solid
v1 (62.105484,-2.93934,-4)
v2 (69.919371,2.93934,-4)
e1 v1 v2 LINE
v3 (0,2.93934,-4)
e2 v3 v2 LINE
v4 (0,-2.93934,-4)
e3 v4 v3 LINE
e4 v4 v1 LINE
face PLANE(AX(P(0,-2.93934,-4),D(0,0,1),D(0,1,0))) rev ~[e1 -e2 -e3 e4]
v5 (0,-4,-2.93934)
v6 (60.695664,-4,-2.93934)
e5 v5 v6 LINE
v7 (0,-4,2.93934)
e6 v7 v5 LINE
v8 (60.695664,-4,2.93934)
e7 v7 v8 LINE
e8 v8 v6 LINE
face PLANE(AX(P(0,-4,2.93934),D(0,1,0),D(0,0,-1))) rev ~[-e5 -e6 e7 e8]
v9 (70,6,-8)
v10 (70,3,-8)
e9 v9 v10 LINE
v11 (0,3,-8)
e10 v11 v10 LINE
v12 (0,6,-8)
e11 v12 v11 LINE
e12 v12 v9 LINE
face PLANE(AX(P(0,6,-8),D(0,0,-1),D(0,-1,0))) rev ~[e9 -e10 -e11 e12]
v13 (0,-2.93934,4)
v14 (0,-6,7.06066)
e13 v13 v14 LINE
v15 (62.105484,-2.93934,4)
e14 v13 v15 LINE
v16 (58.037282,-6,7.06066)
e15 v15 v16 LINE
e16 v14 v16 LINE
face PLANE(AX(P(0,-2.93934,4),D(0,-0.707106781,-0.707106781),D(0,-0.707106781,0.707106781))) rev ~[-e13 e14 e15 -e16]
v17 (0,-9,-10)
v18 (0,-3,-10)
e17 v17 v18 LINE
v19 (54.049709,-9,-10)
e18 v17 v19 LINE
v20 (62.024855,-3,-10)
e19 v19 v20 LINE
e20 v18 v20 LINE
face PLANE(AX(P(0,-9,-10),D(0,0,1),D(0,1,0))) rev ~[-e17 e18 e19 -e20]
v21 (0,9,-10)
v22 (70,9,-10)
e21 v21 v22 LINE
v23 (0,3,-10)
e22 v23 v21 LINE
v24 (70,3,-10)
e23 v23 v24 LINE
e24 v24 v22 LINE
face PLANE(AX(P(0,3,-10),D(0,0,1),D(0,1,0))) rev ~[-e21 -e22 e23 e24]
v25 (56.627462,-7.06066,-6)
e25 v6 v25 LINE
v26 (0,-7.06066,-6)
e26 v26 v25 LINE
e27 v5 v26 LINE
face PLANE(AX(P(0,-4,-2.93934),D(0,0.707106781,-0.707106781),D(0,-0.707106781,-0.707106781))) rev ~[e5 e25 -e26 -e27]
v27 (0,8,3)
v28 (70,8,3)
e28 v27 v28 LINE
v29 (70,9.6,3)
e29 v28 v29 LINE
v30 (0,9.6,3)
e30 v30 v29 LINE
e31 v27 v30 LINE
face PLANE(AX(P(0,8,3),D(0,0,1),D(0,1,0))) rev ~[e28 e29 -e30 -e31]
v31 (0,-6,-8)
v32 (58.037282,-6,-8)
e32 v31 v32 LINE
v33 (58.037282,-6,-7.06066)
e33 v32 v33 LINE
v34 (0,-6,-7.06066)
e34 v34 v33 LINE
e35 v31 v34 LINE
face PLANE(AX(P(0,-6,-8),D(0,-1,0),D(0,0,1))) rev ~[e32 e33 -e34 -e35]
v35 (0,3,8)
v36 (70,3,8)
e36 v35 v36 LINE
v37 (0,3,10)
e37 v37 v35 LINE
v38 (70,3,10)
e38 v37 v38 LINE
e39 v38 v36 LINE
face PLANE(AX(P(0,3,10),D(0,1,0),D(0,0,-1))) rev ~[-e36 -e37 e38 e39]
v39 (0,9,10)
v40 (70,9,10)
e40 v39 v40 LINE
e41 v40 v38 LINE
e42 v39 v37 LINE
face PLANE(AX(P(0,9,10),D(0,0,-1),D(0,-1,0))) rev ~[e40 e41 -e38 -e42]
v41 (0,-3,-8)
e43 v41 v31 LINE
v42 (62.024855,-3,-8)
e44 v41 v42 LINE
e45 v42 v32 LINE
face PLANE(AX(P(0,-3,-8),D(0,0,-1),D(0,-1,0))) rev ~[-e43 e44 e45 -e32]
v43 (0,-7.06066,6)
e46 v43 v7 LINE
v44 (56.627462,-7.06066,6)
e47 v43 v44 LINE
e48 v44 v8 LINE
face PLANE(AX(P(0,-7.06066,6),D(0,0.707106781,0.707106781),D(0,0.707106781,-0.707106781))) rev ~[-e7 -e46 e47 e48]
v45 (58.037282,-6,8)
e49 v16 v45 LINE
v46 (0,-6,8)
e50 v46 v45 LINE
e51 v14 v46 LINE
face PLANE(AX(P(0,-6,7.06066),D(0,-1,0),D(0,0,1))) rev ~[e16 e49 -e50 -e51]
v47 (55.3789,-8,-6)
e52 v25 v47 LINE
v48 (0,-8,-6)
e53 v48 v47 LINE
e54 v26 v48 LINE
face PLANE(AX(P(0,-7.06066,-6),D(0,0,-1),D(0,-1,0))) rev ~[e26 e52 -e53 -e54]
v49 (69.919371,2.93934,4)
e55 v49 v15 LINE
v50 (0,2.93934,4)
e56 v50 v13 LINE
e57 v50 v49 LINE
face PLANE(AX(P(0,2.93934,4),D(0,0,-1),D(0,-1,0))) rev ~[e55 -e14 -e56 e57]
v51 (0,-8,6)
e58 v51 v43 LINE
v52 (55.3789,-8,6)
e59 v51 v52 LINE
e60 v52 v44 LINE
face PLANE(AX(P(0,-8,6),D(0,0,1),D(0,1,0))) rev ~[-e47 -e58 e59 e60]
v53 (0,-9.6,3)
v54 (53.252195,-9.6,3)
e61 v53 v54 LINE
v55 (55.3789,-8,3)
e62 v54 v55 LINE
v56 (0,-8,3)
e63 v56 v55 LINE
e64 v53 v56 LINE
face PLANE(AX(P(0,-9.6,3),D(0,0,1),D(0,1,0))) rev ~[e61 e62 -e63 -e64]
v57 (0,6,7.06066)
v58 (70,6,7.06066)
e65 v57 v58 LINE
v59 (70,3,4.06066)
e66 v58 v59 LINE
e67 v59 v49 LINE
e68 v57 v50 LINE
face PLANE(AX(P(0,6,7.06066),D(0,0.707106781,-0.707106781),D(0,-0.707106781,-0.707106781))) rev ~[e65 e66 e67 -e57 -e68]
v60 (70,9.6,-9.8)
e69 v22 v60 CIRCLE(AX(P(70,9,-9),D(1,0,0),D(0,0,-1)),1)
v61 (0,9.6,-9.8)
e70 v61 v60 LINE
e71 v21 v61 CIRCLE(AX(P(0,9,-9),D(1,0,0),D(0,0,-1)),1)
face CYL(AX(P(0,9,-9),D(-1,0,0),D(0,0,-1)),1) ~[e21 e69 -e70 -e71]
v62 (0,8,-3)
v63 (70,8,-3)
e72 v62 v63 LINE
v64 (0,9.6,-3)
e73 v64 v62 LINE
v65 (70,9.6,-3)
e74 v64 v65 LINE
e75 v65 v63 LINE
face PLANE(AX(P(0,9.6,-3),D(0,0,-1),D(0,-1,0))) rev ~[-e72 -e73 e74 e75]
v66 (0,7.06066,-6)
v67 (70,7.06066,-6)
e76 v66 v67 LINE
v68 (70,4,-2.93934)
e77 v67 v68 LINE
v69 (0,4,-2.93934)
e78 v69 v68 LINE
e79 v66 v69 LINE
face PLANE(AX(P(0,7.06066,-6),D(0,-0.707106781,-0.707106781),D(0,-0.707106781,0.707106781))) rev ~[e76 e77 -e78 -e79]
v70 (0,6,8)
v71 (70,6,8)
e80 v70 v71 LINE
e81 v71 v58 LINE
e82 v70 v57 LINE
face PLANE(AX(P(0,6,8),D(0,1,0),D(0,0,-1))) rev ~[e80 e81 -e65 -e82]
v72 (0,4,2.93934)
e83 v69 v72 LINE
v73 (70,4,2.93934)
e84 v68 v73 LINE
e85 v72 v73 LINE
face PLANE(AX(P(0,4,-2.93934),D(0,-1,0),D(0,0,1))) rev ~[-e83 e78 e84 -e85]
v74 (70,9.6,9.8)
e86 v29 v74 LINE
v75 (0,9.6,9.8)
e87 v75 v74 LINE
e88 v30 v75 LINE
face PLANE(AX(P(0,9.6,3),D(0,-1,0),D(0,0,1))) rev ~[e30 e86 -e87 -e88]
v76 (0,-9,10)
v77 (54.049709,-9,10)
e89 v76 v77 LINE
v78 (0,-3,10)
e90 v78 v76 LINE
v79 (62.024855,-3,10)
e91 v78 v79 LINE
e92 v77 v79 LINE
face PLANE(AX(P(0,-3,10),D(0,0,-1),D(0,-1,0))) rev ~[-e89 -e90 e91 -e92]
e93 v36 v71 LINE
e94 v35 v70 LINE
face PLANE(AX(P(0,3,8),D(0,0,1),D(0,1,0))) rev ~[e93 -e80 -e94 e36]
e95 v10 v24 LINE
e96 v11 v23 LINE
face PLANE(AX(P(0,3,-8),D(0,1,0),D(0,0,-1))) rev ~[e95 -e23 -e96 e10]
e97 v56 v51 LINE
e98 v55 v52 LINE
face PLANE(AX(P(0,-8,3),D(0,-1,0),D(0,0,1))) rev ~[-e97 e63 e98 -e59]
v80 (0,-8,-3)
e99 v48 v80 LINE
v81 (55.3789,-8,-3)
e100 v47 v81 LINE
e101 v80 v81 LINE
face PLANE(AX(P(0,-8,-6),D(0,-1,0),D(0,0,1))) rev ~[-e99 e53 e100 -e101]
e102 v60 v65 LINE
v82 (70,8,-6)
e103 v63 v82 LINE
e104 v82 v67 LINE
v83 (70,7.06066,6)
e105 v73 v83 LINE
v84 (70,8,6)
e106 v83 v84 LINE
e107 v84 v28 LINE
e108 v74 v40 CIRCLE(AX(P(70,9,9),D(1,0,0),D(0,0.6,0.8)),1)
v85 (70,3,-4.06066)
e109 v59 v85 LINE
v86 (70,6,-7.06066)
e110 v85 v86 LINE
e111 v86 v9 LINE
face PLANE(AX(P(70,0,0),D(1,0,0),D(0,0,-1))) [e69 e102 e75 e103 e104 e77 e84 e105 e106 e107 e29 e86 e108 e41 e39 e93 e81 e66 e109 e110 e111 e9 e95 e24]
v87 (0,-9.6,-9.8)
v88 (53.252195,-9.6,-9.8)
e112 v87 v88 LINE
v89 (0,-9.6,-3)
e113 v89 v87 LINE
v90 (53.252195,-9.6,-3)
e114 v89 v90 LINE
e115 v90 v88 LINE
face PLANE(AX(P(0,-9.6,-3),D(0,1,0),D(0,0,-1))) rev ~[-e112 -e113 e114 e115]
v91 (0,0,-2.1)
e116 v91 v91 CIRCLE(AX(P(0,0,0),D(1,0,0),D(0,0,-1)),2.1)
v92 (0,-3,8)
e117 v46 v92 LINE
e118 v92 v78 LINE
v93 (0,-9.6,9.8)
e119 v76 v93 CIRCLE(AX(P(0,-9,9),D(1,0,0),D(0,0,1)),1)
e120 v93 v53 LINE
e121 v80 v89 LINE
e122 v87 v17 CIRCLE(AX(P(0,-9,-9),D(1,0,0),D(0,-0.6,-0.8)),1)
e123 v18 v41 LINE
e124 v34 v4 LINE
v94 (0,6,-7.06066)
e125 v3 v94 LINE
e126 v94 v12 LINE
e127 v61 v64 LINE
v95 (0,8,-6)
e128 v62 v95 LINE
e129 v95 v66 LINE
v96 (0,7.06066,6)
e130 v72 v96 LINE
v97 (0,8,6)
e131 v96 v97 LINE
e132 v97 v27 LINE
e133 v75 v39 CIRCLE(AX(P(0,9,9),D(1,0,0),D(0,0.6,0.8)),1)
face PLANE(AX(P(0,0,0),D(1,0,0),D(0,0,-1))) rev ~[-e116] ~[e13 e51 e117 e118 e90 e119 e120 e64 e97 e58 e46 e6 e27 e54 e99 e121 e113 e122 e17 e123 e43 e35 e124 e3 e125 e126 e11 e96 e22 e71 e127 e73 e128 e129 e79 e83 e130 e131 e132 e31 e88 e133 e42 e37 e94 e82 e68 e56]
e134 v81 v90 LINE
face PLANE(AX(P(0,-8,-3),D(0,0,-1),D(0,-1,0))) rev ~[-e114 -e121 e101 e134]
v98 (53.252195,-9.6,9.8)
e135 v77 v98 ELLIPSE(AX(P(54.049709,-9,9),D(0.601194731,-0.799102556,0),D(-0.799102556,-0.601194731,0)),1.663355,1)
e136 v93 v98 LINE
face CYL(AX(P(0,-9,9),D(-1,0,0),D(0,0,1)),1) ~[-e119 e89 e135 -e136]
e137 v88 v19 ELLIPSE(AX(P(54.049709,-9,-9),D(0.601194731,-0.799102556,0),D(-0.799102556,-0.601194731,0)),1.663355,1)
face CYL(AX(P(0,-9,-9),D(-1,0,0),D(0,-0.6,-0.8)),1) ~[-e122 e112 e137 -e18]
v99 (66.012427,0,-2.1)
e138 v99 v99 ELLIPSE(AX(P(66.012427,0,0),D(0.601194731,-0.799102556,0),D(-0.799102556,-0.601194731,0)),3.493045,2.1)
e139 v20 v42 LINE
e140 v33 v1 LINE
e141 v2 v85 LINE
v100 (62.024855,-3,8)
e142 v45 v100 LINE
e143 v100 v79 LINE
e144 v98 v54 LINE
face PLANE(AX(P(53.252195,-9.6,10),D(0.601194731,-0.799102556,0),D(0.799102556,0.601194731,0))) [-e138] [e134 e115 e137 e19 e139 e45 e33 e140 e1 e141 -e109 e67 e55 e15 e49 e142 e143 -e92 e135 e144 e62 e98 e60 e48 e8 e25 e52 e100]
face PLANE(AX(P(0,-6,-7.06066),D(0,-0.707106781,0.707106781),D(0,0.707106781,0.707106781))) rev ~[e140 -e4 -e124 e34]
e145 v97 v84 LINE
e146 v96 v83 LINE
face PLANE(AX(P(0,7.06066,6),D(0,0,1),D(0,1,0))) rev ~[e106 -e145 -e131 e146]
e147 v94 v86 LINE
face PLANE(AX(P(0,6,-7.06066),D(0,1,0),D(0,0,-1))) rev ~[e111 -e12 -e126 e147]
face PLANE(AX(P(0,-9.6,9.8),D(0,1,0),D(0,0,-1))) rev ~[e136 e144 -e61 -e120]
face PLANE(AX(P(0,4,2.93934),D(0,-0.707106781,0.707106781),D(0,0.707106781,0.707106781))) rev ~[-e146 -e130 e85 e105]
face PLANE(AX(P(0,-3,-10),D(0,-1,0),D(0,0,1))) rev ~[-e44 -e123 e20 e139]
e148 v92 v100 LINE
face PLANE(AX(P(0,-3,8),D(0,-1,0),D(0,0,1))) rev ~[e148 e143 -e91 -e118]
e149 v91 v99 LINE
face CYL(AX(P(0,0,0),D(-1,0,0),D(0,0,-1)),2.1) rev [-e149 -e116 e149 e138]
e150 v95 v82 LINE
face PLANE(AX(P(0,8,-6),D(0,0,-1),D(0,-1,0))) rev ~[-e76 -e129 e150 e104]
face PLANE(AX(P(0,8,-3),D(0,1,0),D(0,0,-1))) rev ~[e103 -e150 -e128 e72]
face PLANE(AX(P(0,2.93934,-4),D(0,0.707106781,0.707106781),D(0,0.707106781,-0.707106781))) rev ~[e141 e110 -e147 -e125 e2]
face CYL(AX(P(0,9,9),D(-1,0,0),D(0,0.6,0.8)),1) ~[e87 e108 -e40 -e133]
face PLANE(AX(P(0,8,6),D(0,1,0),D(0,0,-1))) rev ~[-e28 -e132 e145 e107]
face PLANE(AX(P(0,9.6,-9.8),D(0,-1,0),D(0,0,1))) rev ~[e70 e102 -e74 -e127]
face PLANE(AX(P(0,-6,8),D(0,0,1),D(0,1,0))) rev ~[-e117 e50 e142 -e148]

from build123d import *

# Parameters (mm, degrees)
SKETCH1_R                = 2.1
BOSS_EXTRUDE1_DEPTH      = 70
CUT_EXTRUDE_1_DEPTH      = 1
CUT_EXTRUDE_1_DEPTH_BACK = 21


with BuildPart() as part:
    # Sketch1 → Boss-Extrude1 (new body)
    with BuildSketch(Plane(origin=(0, 0, 0), x_dir=(0, 0, -1), z_dir=(1, 0, 0))):
        with BuildLine():
            Line((-10, 9), (-10, 3))
            Line((-10, 3), (-8, 3))
            Line((-8, 3), (-8, 6))
            Line((-8, 6), (-7.060660172, 6))
            Line((-7.060660172, 6), (-4, 2.939339828))
            Line((-4, 2.939339828), (-4, -2.939339828))
            Line((-4, -2.939339828), (-7.060660172, -6))
            Line((-7.060660172, -6), (-8, -6))
            Line((-8, -6), (-8, -3))
            Line((-8, -3), (-10, -3))
            Line((-10, -3), (-10, -9))
            ThreePointArc((-10, -9), (-9.948683298, -9.316227766), (-9.8, -9.6))
            Line((-9.8, -9.6), (-3, -9.6))
            Line((-3, -9.6), (-3, -8))
            Line((-3, -8), (-6, -8))
            Line((-6, -8), (-6, -7.060660172))
            Line((-6, -7.060660172), (-2.939339828, -4))
            Line((-2.939339828, -4), (2.939339828, -4))
            Line((2.939339828, -4), (6, -7.060660172))
            Line((6, -7.060660172), (6, -8))
            Line((6, -8), (3, -8))
            Line((3, -8), (3, -9.6))
            Line((3, -9.6), (9.8, -9.6))
            ThreePointArc((9.8, -9.6), (9.948683298, -9.316227766), (10, -9))
            Line((10, -9), (10, -3))
            Line((10, -3), (8, -3))
            Line((8, -3), (8, -6))
            Line((8, -6), (7.060660172, -6))
            Line((7.060660172, -6), (4, -2.939339828))
            Line((4, -2.939339828), (4, 2.939339828))
            Line((4, 2.939339828), (7.060660172, 6))
            Line((7.060660172, 6), (8, 6))
            Line((8, 6), (8, 3))
            Line((8, 3), (10, 3))
            Line((10, 3), (10, 9))
            ThreePointArc((10, 9), (9.948683298, 9.316227766), (9.8, 9.6))
            Line((9.8, 9.6), (3, 9.6))
            Line((3, 9.6), (3, 8))
            Line((3, 8), (6, 8))
            Line((6, 8), (6, 7.060660172))
            Line((6, 7.060660172), (2.939339828, 4))
            Line((2.939339828, 4), (-2.939339828, 4))
            Line((-2.939339828, 4), (-6, 7.060660172))
            Line((-6, 7.060660172), (-6, 8))
            Line((-6, 8), (-3, 8))
            Line((-3, 8), (-3, 9.6))
            Line((-3, 9.6), (-9.8, 9.6))
            ThreePointArc((-9.8, 9.6), (-9.948683298, 9.316227766), (-10, 9))
        make_face()
        Circle(SKETCH1_R, mode=Mode.SUBTRACT)
    extrude(amount=BOSS_EXTRUDE1_DEPTH)

    # 草图1 → 切除-拉伸1 (cut, two sides)
    with BuildSketch(Plane.XY.offset(10)) as cut_extrude_1_sk:
        Polygon((53.252194875, -9.6), (70, 3), (72.108704706, -2.849693058), (72.521016137, -11.388110896), align=None)
    extrude(amount=CUT_EXTRUDE_1_DEPTH, mode=Mode.SUBTRACT)
    extrude(cut_extrude_1_sk.sketch, amount=-CUT_EXTRUDE_1_DEPTH_BACK, mode=Mode.SUBTRACT)


solid = part.part
